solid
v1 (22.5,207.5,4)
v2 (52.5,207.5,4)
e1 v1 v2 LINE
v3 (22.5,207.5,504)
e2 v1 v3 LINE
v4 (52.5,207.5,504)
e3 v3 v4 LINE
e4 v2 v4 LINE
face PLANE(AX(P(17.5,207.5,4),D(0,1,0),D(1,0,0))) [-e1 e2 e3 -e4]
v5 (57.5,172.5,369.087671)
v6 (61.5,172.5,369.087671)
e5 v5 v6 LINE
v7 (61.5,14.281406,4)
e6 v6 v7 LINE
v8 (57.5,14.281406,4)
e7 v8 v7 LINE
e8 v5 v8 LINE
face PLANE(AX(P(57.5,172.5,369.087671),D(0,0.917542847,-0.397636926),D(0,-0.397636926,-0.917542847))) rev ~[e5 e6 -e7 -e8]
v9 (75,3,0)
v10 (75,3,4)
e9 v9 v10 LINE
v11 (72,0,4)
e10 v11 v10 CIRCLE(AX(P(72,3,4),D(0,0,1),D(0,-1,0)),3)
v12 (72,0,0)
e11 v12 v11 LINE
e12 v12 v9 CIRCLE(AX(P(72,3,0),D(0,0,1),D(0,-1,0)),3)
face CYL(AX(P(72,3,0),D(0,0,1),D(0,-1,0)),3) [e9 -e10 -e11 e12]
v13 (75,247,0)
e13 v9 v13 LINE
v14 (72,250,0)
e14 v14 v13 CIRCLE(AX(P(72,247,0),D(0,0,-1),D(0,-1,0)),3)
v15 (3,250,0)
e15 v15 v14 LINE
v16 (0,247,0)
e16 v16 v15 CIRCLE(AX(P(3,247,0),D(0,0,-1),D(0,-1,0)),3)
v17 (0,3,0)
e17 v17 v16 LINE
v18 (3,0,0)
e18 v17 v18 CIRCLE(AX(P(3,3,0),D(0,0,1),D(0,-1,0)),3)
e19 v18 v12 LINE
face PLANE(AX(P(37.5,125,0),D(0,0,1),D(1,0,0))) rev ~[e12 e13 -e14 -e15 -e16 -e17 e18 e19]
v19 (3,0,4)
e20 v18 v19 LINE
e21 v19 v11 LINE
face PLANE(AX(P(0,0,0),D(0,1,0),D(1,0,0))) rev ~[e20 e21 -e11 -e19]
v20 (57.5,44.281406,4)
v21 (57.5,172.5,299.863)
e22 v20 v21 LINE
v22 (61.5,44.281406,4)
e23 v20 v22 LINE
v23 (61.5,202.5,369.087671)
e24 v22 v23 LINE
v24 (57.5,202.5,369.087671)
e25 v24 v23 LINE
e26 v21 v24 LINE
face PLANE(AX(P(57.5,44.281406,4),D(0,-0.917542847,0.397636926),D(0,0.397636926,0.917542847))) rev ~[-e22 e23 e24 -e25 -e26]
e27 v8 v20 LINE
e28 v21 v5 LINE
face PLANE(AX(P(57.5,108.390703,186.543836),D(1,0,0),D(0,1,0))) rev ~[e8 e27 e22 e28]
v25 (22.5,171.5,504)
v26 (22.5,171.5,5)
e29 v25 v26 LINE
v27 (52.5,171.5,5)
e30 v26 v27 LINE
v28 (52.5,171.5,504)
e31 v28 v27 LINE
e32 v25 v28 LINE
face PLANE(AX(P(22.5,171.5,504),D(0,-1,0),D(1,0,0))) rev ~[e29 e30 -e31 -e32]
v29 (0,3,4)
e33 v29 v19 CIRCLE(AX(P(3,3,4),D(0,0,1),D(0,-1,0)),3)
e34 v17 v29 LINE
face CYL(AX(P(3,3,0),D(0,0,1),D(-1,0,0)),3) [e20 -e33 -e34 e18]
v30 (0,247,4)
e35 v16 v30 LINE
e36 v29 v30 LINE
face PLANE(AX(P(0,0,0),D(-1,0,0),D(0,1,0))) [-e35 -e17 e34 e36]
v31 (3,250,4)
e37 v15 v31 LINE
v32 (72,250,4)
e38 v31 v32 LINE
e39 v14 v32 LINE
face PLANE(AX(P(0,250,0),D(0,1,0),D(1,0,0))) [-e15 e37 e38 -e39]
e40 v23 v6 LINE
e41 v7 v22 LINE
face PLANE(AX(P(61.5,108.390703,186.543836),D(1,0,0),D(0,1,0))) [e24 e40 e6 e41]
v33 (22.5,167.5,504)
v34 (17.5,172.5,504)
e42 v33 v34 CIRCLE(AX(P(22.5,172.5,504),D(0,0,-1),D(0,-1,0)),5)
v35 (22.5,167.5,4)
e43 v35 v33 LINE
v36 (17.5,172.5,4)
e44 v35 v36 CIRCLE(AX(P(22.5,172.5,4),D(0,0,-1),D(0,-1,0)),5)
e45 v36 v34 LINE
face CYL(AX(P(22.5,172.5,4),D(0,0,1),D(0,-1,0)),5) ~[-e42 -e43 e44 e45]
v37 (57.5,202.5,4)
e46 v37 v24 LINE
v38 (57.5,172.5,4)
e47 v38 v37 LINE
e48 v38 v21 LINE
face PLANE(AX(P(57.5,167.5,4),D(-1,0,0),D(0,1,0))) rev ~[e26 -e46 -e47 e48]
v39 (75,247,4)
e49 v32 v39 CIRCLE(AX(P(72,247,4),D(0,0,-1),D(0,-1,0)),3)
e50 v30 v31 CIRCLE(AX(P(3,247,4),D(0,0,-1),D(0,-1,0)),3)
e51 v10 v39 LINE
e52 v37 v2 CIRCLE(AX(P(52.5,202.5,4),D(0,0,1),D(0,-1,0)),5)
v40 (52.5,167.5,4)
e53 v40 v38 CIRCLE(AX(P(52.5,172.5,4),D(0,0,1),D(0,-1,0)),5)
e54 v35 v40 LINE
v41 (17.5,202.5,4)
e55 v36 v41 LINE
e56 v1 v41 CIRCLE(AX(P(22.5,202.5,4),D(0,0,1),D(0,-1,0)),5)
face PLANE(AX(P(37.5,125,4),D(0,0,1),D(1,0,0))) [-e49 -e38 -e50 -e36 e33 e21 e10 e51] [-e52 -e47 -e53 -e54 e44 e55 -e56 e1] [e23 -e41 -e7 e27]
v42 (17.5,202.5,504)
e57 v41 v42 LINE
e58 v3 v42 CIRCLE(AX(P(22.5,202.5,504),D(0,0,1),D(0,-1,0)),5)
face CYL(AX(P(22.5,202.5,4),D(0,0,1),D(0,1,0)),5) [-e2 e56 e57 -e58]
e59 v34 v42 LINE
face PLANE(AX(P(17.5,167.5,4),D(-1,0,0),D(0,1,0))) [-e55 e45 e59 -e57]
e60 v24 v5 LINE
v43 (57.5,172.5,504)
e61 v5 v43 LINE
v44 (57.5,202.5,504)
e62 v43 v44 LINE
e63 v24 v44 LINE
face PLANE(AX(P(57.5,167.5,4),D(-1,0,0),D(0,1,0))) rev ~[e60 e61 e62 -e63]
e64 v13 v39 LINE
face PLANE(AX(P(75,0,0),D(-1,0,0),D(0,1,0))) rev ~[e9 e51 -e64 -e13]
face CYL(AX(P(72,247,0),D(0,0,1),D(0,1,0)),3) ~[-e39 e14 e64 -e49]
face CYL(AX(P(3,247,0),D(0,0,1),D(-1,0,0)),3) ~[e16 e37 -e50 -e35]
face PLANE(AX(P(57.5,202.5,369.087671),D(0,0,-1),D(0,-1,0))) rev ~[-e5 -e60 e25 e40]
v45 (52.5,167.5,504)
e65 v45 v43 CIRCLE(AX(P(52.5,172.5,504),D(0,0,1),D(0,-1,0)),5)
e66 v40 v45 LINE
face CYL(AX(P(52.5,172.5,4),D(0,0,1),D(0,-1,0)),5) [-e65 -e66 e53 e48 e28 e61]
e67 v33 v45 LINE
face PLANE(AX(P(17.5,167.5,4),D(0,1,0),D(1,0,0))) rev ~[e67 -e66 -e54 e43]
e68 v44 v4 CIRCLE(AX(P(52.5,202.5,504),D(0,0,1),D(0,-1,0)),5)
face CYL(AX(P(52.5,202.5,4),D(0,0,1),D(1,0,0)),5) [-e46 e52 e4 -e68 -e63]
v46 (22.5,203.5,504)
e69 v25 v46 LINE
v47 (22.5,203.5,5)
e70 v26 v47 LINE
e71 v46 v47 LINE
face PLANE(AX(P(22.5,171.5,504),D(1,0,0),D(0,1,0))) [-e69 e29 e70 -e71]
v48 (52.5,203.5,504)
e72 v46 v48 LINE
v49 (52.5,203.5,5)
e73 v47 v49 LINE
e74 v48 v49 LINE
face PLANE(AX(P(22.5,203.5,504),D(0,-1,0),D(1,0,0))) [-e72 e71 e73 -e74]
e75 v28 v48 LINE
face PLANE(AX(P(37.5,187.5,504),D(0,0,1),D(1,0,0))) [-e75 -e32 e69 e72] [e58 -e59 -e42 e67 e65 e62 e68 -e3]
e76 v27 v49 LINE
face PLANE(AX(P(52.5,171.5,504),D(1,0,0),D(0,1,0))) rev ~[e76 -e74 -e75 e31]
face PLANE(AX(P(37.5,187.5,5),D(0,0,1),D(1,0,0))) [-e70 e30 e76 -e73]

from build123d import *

# Parameters (mm, degrees)
F0_W     = 75
F0_H     = 250
F1_DEPTH = 4
F2_W     = 40
F2_H     = 40
F3_DEPTH = 500
F4_W     = 30
F4_H     = 32
F5_DEPTH = 499
F6_R     = 5
F7_R     = 3
F9_DEPTH = 4


with BuildPart() as f1:
    # F0 (on Top) → F1 (new body)
    with BuildSketch(Plane.XY):
        with Locations((37.5, 125)):
            Rectangle(F0_W, F0_H)
    extrude(amount=F1_DEPTH)

    # F2 (on face) → F3 (join)
    with BuildSketch(Plane.XY.offset(4)):
        with Locations((37.5, 187.5)):
            Rectangle(F2_W, F2_H)
    extrude(amount=F3_DEPTH)

    # F4 (on face) → F5 (cut)
    with BuildSketch(Plane.XY.offset(504)):
        with Locations((37.5, 187.5)):
            Rectangle(F4_W, F4_H)
    extrude(amount=-F5_DEPTH, mode=Mode.SUBTRACT)

    # F6
    f6_edges = [f1.edges().sort_by_distance(p)[0] for p in [
        (57.5, 167.5, 254),
        (57.5, 207.5, 254),
        (17.5, 207.5, 254),
        (17.5, 167.5, 254),
    ]]
    fillet(f6_edges, radius=F6_R)

    # F7
    f7_edges = [f1.edges().sort_by_distance(p)[0] for p in [
        (0, 250, 2),
        (0, 0, 2),
        (75, 0, 2),
        (75, 250, 2),
    ]]
    fillet(f7_edges, radius=F7_R)

    # F8 (on face) → F9 (join)
    with BuildSketch(Plane.YZ.offset(57.5)):
        Polygon((172.5, 369.087671), (14.281406, 4), (44.281406, 4), (202.5, 369.087671), align=None)
    extrude(amount=F9_DEPTH)


solid = f1.part
